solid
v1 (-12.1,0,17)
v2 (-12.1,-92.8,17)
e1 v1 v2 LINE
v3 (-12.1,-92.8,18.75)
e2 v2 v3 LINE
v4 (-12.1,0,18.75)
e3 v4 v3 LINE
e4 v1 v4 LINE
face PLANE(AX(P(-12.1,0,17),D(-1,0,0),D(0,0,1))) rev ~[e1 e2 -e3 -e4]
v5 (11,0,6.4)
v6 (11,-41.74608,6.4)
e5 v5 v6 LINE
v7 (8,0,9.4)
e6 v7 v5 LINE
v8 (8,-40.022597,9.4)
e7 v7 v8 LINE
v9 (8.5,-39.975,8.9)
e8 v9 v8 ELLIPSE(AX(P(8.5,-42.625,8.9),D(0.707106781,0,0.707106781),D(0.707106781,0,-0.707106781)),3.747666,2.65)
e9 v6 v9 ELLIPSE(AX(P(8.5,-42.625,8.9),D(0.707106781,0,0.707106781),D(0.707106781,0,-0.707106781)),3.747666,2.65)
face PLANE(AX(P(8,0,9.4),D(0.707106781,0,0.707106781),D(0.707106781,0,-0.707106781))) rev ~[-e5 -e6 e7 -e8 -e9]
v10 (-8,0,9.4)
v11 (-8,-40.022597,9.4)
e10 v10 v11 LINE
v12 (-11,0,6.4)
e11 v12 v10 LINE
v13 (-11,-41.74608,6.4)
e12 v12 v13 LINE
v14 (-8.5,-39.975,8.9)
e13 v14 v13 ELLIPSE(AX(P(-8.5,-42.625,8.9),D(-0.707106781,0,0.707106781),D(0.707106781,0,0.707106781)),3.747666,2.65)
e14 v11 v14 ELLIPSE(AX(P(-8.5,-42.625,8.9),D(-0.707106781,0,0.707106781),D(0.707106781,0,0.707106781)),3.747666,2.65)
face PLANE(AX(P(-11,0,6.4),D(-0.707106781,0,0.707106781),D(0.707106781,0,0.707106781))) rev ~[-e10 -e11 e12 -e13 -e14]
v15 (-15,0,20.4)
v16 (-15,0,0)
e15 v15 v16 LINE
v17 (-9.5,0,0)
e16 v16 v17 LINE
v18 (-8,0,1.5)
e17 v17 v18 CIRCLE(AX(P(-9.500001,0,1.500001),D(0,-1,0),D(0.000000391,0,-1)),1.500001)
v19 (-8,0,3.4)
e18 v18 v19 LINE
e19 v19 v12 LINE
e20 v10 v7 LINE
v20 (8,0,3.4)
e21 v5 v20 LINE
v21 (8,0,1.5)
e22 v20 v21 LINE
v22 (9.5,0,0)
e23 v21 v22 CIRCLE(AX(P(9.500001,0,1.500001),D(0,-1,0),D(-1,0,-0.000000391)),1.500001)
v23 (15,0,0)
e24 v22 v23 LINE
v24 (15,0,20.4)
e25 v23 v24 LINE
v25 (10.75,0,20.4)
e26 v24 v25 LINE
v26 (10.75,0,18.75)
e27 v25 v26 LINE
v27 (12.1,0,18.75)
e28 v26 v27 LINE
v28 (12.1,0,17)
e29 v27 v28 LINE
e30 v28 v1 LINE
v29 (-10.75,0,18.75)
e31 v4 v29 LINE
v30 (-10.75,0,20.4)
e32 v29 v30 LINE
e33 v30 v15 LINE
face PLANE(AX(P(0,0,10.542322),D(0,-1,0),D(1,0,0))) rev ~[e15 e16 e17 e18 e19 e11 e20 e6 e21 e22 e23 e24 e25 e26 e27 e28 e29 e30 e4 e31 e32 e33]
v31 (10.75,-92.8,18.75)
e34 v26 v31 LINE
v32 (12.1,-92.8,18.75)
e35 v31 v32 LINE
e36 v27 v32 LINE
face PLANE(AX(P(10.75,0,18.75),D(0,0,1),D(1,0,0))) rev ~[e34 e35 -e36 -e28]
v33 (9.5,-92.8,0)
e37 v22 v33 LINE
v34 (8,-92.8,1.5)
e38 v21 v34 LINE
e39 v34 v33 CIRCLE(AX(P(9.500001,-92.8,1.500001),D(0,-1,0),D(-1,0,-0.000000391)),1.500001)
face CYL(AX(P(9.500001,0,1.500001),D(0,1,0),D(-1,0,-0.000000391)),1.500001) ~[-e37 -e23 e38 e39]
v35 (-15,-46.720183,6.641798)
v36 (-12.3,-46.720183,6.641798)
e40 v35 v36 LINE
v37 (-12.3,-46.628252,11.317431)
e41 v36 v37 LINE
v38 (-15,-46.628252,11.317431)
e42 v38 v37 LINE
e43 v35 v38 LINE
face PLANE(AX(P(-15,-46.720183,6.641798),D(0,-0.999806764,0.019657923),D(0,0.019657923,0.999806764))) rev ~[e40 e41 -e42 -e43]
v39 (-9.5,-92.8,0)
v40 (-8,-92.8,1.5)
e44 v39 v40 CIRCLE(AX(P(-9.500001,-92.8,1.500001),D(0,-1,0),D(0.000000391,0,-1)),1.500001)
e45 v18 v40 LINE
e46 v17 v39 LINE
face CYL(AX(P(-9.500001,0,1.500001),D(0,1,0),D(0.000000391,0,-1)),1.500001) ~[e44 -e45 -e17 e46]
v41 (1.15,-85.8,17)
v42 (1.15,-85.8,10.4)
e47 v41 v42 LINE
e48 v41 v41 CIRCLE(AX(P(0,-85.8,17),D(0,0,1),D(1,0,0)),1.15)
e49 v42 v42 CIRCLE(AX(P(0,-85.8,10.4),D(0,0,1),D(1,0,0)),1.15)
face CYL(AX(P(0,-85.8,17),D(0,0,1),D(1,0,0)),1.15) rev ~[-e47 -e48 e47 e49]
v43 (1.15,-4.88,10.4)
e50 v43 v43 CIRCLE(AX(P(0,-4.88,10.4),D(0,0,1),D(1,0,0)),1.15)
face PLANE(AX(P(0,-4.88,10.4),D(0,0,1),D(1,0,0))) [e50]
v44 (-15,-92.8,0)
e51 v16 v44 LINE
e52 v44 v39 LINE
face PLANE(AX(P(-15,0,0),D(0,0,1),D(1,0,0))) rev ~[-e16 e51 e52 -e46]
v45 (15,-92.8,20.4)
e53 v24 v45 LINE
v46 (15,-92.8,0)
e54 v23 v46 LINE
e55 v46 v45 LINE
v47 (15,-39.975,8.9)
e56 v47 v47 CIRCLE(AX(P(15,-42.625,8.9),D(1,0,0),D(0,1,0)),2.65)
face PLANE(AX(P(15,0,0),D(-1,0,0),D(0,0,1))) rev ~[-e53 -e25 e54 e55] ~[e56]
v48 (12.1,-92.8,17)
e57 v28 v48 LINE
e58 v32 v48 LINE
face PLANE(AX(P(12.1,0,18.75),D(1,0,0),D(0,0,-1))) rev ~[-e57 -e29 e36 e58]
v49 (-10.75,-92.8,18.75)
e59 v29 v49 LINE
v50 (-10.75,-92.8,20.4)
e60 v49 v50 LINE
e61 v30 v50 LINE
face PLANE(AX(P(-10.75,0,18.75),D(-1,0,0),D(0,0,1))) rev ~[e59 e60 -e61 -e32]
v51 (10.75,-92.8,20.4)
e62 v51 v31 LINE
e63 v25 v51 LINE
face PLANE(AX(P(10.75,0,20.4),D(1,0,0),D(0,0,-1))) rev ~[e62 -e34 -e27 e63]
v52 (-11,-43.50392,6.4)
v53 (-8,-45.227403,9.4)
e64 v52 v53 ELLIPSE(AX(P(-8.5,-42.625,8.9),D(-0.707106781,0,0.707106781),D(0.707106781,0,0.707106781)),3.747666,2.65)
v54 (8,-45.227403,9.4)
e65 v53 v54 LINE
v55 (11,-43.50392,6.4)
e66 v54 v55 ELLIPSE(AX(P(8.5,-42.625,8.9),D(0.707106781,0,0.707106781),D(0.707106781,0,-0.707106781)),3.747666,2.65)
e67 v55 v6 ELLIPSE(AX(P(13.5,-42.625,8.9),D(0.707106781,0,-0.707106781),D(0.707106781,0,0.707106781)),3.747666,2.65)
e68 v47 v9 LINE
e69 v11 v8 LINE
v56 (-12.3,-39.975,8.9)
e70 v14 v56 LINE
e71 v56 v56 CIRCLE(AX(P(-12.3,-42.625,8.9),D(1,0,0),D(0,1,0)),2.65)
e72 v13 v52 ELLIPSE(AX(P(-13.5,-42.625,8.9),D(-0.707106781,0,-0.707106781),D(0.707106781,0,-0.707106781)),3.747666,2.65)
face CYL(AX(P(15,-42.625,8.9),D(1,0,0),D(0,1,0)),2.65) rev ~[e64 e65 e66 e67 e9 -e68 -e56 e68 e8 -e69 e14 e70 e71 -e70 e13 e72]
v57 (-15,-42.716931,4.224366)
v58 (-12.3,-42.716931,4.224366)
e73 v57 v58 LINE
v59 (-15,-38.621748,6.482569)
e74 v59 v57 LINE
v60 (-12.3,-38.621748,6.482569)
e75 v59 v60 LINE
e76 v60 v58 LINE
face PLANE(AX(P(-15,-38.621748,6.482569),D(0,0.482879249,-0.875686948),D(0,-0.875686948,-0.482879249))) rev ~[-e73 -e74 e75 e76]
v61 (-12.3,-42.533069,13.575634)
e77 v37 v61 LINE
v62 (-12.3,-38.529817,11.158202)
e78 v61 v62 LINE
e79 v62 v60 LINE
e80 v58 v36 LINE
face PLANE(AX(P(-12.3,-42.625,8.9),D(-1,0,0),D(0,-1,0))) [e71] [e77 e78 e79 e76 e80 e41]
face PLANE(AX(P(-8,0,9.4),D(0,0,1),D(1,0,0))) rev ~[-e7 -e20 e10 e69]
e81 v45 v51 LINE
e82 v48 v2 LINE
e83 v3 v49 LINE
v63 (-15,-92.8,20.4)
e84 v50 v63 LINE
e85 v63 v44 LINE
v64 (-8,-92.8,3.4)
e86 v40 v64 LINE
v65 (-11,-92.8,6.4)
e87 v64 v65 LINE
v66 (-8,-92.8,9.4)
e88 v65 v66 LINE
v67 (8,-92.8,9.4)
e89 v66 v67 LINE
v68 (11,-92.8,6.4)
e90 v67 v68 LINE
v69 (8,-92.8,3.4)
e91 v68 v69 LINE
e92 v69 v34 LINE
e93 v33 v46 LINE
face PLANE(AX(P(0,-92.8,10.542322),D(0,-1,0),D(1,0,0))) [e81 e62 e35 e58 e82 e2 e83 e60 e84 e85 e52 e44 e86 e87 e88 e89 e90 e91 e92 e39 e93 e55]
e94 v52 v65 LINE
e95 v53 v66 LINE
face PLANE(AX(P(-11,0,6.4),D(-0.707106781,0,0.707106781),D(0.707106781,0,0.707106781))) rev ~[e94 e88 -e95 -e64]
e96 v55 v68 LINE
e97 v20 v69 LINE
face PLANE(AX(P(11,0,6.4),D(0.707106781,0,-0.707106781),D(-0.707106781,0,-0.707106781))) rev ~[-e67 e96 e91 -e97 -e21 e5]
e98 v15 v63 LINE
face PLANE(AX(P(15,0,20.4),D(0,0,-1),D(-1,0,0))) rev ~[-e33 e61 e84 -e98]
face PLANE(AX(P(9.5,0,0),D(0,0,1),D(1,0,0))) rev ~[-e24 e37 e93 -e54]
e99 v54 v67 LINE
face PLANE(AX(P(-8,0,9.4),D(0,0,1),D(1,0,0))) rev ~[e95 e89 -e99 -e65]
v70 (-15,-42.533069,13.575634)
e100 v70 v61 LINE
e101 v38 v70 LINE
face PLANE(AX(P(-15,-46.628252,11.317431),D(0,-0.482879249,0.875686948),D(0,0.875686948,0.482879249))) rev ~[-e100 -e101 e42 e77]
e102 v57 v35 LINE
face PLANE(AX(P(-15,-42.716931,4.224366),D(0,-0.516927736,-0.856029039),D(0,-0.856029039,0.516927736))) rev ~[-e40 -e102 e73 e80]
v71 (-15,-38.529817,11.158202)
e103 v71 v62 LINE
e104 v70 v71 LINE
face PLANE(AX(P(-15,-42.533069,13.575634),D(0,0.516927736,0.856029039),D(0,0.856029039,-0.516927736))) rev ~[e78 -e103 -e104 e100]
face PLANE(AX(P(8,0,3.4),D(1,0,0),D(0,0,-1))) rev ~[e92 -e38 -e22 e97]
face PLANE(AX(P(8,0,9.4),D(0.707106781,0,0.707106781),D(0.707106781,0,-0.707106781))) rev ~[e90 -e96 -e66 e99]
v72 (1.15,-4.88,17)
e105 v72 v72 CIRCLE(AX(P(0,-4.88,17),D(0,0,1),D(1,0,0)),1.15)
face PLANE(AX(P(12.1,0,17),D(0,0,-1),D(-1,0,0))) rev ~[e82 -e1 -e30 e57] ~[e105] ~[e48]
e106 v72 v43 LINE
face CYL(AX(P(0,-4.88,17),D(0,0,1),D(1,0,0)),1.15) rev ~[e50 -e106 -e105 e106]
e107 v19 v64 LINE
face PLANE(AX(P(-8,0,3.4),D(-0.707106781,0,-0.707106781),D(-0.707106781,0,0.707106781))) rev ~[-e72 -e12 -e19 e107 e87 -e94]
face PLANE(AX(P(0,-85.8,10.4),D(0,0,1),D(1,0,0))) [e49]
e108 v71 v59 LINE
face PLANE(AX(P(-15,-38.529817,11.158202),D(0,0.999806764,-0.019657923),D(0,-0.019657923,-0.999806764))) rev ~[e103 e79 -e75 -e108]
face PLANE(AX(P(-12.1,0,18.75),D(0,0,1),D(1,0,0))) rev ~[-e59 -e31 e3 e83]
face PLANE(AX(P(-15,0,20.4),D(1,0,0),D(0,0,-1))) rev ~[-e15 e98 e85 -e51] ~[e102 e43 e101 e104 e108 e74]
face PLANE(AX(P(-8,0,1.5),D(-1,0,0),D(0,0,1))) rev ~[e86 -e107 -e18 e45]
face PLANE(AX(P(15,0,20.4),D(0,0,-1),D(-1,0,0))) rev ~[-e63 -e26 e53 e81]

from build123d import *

# Parameters (mm, degrees)
F1_DEPTH = 92.8
F3_DEPTH = 92.8
F4_R     = 1.15
F5_DEPTH = 6.6
F6_R     = 2.65
F7_DEPTH = 30
F9_DEPTH = 2.7


with BuildPart() as f1:
    # F0 (on Front) → F1 (new body)
    with BuildSketch(Plane.XZ):
        with BuildLine():
            Line((-15, 20.4), (-15, 0))
            Line((-15, 0), (-9.5, 0))
            ThreePointArc((-9.5, 0), (-8.43934, 0.43934), (-8, 1.5))
            Line((-8, 1.5), (-8, 3.4))
            Line((-8, 3.4), (-9.5, 4.9))
            Line((-9.5, 4.9), (-11, 6.4))
            Line((-11, 6.4), (-9.5, 7.9))
            Line((-9.5, 7.9), (-8, 9.4))
            Line((-8, 9.4), (0, 9.4))
            Line((0, 9.4), (8, 9.4))
            Line((8, 9.4), (11, 6.4))
            Line((11, 6.4), (8, 3.4))
            Line((8, 3.4), (8, 1.5))
            ThreePointArc((8, 1.5), (8.43934, 0.43934), (9.5, 0))
            Line((9.5, 0), (15, 0))
            Line((15, 0), (15, 20.4))
            Line((15, 20.4), (0, 20.4))
            Line((0, 20.4), (-15, 20.4))
        make_face()
    extrude(amount=F1_DEPTH)

    # F2 (on face) → F3 (cut, through all)
    with BuildSketch(Plane(origin=(0, 0, 0), x_dir=(-1, 0, 0), z_dir=(0, 1, 0))):
        Polygon((0, 20.4), (-10.75, 20.4), (-10.75, 18.75), (-12.1, 18.75), (-12.1, 17), (0, 17), (12.1, 17), (12.1, 18.75), (10.75, 18.75), (10.75, 20.4), align=None)
    extrude(amount=-F3_DEPTH, mode=Mode.SUBTRACT)

    # F4 (on face) → F5 (cut)
    with BuildSketch(Plane.XY.offset(17)):
        with Locations((0, -4.88)):
            Circle(F4_R)
        with Locations((0, -85.8)):
            Circle(F4_R)
    extrude(amount=-F5_DEPTH, mode=Mode.SUBTRACT)

    # F6 (on face) → F7 (cut)
    with BuildSketch(Plane.YZ.offset(15)):
        with Locations((-42.625, 8.9)):
            Circle(F6_R)
    extrude(amount=-F7_DEPTH, mode=Mode.SUBTRACT)

    # F8 (on face) → F9 (cut)
    with BuildSketch(Plane(origin=(-15, 0, 0), x_dir=(0, -1, 0), z_dir=(-1, 0, 0))):
        Polygon((46.628252, 11.317431), (42.533069, 13.575634), (38.529817, 11.158202), (38.621748, 6.482569), (42.716931, 4.224366), (46.720183, 6.641798), align=None)
    extrude(amount=-F9_DEPTH, mode=Mode.SUBTRACT)


solid = f1.part
